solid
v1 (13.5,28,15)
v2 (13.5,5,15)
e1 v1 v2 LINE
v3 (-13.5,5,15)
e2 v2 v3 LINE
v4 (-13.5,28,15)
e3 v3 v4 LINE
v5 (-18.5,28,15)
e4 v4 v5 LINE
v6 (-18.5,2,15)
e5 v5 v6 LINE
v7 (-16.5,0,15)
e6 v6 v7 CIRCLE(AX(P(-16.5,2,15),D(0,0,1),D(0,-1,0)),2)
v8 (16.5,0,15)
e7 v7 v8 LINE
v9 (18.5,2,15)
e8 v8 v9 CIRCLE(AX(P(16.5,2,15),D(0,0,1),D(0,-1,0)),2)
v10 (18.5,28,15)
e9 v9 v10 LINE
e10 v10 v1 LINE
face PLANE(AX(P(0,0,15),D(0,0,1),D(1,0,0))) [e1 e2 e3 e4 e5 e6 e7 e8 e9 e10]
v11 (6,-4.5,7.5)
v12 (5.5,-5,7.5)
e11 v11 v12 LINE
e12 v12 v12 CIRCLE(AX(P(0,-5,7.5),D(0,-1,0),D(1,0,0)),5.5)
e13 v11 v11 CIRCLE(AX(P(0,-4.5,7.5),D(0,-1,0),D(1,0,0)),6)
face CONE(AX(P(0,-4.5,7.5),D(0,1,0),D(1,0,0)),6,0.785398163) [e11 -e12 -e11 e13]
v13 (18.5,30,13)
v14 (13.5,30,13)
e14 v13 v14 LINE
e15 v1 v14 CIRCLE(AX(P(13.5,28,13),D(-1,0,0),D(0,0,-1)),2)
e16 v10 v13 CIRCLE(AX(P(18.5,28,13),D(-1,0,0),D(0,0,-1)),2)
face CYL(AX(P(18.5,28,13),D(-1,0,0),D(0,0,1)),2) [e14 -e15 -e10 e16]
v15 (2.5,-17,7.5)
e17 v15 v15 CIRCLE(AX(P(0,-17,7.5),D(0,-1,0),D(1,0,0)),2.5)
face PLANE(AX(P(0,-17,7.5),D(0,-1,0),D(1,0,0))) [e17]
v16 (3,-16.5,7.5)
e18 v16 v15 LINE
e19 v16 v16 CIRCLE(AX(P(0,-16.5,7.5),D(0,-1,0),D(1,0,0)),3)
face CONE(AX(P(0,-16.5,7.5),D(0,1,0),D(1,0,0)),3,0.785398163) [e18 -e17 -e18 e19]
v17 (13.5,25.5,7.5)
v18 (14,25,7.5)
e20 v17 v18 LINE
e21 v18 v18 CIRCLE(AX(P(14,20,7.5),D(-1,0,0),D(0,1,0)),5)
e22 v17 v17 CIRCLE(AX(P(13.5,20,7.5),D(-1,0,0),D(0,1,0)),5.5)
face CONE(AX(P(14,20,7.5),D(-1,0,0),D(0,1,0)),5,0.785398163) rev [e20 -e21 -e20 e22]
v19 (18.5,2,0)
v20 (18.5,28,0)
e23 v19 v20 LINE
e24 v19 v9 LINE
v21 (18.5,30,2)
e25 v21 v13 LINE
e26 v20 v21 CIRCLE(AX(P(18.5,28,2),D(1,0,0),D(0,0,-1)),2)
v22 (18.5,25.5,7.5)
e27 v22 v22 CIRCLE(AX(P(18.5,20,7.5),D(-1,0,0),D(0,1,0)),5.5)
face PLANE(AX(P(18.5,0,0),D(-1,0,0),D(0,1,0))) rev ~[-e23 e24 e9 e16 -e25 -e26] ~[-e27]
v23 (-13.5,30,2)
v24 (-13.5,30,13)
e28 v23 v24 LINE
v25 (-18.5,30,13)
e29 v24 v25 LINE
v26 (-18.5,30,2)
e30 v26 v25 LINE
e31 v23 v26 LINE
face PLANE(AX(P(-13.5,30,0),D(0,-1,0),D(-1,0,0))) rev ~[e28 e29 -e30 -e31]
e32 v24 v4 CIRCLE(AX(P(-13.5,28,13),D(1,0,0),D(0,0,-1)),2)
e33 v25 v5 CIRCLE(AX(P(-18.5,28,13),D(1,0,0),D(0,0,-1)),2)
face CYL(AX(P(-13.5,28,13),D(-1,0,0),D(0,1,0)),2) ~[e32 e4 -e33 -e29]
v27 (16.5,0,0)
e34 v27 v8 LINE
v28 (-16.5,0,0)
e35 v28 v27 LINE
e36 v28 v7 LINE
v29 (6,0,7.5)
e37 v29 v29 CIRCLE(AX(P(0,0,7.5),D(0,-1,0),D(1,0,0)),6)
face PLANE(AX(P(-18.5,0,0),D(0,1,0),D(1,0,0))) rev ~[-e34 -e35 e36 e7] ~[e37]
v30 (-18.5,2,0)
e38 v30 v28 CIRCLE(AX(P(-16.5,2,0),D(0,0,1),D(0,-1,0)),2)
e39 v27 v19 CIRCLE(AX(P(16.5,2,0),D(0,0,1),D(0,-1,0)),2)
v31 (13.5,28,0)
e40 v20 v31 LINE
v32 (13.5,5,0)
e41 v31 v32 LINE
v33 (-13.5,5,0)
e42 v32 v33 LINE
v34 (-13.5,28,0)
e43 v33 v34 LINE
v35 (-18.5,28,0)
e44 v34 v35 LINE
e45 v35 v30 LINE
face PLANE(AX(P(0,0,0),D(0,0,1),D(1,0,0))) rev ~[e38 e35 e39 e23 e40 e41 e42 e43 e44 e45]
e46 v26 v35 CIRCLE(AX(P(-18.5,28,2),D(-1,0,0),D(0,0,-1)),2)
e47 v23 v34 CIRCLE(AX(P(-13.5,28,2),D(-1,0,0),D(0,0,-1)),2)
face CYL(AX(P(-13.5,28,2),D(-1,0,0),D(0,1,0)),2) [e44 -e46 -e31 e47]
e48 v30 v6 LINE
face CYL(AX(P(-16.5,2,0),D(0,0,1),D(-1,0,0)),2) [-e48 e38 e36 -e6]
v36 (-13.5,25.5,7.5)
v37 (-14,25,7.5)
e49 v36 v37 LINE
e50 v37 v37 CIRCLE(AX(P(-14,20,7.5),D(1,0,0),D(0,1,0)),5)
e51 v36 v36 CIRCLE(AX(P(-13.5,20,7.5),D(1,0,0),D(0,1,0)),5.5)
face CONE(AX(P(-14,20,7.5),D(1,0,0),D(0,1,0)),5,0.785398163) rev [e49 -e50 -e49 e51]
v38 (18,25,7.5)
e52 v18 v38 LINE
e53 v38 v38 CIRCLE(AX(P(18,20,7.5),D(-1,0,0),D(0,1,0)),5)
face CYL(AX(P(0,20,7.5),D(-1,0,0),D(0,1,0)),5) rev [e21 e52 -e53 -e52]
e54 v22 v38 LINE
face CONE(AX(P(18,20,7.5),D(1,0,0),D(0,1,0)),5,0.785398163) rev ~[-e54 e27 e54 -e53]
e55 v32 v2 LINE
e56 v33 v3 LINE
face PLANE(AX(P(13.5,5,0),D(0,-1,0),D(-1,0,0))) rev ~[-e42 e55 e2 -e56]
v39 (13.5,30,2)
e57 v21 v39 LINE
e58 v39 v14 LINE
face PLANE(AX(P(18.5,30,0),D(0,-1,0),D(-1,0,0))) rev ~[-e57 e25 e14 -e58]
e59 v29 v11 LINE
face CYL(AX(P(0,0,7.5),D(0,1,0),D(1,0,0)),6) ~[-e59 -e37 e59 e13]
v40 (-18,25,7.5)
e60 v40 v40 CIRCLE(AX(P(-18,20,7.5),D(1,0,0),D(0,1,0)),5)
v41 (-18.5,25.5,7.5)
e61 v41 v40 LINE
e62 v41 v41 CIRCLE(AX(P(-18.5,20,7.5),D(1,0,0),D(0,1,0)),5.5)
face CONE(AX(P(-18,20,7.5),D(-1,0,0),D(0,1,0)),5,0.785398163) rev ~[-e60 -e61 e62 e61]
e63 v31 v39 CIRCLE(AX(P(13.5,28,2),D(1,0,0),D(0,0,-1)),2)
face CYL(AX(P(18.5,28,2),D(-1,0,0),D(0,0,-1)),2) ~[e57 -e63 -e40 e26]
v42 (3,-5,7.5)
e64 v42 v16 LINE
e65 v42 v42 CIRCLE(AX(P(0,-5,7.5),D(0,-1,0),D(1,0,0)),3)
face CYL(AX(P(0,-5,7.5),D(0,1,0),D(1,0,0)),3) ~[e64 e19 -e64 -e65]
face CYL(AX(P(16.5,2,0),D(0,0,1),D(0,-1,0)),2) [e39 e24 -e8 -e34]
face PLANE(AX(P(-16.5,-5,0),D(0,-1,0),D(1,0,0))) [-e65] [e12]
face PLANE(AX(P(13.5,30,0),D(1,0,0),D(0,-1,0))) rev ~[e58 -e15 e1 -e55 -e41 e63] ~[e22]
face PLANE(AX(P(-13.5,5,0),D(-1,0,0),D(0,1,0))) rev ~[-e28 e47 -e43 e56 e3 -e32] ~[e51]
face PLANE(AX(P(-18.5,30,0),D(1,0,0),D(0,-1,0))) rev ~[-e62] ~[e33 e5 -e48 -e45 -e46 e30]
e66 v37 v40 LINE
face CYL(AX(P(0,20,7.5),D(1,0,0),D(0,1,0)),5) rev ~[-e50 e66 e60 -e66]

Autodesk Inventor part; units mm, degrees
ref_plane "YZ Plane" through (0, 0, 0) normal (1, 0, 0) x (0, 1, 0)
ref_plane "XZ Plane" through (0, 0, 0) normal (0, 1, 0) x (-1, 0, 0)
ref_plane "XY Plane" through (0, 0, 0) normal (0, 0, 1) x (1, 0, 0)
sketch "Schizzo1" plane through (0, 0, 0) normal (0, 0, 1) x (1, 0, 0)
  line L0 (-18.5, 30) -> (-18.5, 0)
  line L1 (-18.5, 0) -> (18.5, 0)
  line L2 (18.5, 0) -> (18.5, 30)
  line L3 (18.5, 30) -> (13.5, 30)
  line L4 (13.5, 30) -> (13.5, 5)
  line L5 (13.5, 5) -> (-13.5, 5)
  line L6 (-13.5, 5) -> (-13.5, 30)
  line L7 (-13.5, 30) -> (-18.5, 30)
  point P0 (0, 0)
  point P1 (0, 5)
  point P2 (0, 0)
  dimension "d0" = 37
  dimension "d1" = 27
  dimension "d2" = 5
  dimension "d3" = 30
extrude "Estrusione1" add sketch "Schizzo1" along normal blind 15
sketch "Schizzo2" plane through (0, 0, 0) normal (1, 0, 0) x (0, 1, 0)
  line L0 (5, 0) -> (30, 0) projected
  line L1 (30, 0) -> (30, 15) projected
  line L2 (5, 15) -> (30, 15) projected
  line L3 (5, 0) -> (5, 15) projected
  circle A0 centre (20, 7.5) radius 5
  point P0 (0, 0)
  point P1 (30, 7.5)
  point P2 (17.5, 0)
  dimension "d6" = 10
  dimension "d23" = 10
extrude "Estrusione2" cut sketch "Schizzo2" along normal through all both and the other way through all contours A0
fillet "Raccordo1" radius 2 6 edges at (-16, 30, 15) (-16, 30, 0) (16, 30, 15) (16, 30, 0) (18.5, 0, 7.5) (-18.5, 0, 7.5)
sketch "Schizzo3" plane through (-16.5, 0, 0) normal (0, -1, 0) x (1, 0, 0)
  line L0 (0, 0) -> (0, 15) projected
  line L1 (0, 0) -> (33, 0) projected
  line L2 (33, 15) -> (33, 0) projected
  line L3 (0, 15) -> (33, 15) projected
  circle A0 centre (16.5, 7.5) radius 6
  point P0 (16.5, 0)
  point P1 (33, 7.5)
  point P2 (16.5, 0)
  dimension "d13" = 12
extrude "Estrusione3" add sketch "Schizzo3" along normal blind 5 contours A0
sketch "Schizzo4" plane through (0, -5, 7.5) normal (0, -1, 0) x (1, 0, 0)
  circle A0 centre (0, 0) radius 3
  point P0 (0, -7.5)
  dimension "d16" = 6
extrude "Estrusione4" add sketch "Schizzo4" along normal blind 12
chamfer "Smusso1" distance 0.5 angle 45 6 edges at (-13.5, 15, 7.5) (13.5, 15, 7.5) (-18.5, 15, 7.5) (18.5, 15, 7.5) (-3, -17, 7.5) (-6, -5, 7.5)
thread "Filettatura2" size "M6x1" class "6g" standard "ANSI Metric M Profile" length 10
properties part number "Forcella movimento lama" material "Acciaio inossidabile"
